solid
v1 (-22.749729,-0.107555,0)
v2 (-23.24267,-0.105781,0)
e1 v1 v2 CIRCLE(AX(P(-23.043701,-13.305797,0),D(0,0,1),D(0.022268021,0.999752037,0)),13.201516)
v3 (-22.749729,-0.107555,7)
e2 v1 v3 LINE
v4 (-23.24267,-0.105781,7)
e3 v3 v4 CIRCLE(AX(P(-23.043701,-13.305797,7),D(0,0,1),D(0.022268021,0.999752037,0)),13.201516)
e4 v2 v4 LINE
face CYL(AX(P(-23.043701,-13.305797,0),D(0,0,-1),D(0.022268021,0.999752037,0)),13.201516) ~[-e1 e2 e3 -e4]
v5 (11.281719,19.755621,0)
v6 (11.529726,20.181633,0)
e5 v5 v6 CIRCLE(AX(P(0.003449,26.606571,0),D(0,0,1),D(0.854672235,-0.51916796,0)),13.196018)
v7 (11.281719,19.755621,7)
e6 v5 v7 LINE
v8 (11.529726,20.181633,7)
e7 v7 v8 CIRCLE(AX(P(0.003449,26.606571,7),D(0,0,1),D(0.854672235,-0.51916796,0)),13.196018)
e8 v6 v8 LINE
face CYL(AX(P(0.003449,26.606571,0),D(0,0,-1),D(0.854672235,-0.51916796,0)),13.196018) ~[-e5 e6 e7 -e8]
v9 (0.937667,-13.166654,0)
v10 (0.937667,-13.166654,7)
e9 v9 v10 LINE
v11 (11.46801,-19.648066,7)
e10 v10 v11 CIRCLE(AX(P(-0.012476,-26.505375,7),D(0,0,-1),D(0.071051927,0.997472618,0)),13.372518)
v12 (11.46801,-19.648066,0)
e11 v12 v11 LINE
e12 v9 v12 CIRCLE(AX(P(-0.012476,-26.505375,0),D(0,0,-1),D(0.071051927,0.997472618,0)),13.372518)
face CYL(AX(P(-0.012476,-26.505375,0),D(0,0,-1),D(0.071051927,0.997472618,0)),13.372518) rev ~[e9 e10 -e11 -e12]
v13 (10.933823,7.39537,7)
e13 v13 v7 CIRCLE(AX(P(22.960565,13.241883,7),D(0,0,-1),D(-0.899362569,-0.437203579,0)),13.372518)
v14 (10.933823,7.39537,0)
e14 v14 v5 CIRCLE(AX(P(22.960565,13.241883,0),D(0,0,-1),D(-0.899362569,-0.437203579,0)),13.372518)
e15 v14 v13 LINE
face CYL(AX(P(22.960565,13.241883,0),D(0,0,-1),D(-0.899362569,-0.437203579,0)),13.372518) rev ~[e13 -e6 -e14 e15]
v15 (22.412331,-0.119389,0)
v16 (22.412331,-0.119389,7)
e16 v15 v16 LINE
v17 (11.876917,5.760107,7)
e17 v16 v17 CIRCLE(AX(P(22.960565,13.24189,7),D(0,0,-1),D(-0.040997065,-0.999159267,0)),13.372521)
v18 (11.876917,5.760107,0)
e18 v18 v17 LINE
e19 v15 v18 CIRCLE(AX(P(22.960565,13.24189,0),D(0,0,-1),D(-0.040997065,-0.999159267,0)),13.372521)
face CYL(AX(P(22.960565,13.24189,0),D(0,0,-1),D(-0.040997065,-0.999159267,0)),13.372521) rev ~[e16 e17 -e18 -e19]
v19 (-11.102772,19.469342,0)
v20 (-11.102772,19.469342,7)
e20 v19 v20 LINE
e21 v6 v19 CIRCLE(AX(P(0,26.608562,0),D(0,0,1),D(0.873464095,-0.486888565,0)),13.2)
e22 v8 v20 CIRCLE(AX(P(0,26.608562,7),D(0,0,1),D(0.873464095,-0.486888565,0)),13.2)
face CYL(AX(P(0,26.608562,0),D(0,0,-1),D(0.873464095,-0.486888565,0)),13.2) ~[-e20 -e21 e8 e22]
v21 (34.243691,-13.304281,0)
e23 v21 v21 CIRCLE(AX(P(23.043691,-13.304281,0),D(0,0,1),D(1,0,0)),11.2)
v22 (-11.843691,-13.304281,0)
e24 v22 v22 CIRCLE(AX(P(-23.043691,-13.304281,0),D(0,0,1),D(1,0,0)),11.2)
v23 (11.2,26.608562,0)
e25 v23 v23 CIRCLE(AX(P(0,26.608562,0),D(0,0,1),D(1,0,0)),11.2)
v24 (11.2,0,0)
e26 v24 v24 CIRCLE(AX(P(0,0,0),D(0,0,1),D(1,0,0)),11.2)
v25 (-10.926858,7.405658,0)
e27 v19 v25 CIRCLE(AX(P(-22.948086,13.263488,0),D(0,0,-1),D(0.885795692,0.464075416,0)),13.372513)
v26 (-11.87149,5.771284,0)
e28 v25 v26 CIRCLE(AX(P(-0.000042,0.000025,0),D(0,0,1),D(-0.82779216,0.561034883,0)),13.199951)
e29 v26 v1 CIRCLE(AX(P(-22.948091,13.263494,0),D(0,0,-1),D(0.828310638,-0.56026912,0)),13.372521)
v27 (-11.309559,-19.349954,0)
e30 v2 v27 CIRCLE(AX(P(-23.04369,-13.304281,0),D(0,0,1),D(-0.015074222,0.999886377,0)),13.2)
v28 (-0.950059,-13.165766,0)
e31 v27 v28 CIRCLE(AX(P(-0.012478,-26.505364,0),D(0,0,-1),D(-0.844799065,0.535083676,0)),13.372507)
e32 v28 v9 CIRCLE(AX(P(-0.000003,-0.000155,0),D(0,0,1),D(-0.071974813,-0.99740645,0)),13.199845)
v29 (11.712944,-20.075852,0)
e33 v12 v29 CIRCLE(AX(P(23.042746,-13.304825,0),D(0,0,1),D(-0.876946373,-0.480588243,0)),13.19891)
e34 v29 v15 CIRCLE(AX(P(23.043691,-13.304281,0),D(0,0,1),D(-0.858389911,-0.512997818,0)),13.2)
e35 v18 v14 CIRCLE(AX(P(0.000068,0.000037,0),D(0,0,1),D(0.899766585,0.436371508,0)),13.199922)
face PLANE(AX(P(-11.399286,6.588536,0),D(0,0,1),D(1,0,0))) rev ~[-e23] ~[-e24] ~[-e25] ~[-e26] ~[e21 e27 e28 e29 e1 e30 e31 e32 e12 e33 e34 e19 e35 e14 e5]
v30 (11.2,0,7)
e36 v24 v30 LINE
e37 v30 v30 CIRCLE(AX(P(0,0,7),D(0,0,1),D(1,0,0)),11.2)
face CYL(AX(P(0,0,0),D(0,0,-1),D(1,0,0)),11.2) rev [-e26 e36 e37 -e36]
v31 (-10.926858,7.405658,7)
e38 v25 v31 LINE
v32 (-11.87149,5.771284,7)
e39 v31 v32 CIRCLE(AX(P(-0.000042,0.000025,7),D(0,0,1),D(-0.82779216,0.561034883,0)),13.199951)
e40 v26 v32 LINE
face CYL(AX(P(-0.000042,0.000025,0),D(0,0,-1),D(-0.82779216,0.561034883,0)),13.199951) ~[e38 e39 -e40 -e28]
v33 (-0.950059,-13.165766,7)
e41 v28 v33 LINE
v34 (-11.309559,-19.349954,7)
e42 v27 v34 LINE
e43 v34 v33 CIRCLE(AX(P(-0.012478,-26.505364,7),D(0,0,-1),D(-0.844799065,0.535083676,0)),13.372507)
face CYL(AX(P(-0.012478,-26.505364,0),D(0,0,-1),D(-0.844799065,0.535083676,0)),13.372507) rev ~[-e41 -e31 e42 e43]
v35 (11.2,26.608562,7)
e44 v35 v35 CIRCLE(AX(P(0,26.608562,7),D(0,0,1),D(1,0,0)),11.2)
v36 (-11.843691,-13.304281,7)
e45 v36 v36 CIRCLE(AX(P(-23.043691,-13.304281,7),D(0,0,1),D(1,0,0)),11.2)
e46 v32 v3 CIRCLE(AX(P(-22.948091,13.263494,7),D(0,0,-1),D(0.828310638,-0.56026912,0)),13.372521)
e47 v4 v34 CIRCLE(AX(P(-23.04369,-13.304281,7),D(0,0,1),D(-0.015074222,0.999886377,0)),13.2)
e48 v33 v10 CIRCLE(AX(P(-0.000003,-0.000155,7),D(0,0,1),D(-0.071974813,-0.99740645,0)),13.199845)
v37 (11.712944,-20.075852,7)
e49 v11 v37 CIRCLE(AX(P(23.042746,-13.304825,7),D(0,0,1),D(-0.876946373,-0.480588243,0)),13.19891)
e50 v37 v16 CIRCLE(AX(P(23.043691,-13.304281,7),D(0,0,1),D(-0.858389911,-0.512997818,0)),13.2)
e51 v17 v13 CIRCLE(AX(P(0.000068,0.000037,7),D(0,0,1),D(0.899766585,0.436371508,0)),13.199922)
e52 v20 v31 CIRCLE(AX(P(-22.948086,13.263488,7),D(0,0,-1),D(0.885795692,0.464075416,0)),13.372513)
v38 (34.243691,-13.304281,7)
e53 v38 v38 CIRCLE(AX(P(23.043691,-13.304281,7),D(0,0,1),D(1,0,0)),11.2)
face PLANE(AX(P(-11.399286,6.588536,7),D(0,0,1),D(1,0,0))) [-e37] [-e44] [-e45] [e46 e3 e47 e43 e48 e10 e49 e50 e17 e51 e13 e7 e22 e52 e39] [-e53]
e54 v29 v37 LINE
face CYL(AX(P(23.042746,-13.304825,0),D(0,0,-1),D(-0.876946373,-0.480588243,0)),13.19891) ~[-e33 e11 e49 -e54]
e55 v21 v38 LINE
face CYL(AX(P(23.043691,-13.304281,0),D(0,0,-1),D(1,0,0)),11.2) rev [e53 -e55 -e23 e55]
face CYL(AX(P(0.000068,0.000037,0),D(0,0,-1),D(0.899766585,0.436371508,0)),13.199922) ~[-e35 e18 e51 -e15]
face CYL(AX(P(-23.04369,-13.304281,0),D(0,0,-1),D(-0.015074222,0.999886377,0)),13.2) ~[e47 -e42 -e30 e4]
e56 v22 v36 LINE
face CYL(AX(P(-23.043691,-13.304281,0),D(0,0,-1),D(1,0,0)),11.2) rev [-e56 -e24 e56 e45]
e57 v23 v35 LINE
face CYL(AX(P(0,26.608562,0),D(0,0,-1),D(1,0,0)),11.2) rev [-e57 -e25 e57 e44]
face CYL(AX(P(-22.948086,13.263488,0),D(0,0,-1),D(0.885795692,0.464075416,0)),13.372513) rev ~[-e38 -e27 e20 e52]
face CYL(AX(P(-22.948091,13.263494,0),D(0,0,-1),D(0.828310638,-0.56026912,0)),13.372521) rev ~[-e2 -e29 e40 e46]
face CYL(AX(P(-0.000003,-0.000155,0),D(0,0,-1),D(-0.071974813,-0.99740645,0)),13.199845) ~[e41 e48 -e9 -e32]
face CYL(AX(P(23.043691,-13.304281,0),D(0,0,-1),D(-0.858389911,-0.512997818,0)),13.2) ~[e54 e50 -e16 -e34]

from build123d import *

# Parameters (mm, degrees)
F0_R     = 11.2
F1_DEPTH = 7


with BuildPart() as f1:
    # F0 (on Top) → F1 (new body)
    with BuildSketch(Plane.XY):
        with BuildLine():
            ThreePointArc((-11.87149, 5.771284), (-11.370299, 6.571782), (-10.926858, 7.405658))
            ThreePointArc((-10.926858, 7.405658), (-11.428428, 6.605379), (-11.87149, 5.771284))
        make_face()
        with BuildLine():
            ThreePointArc((-11.102772, 19.469342), (-9.576995, 13.458467), (-10.926858, 7.405658))
            ThreePointArc((-10.926858, 7.405658), (-11.370299, 6.571782), (-11.87149, 5.771284))
            ThreePointArc((-11.87149, 5.771284), (-16.59031, 1.499017), (-22.749729, -0.107555))
            ThreePointArc((-22.749729, -0.107555), (-22.996208, -0.108939), (-23.24267, -0.105781))
            ThreePointArc((-23.24267, -0.105781), (-34.261956, -20.26061), (-11.309559, -19.349954))
            ThreePointArc((-11.309559, -19.349954), (-6.866877, -15.023154), (-0.950059, -13.165766))
            ThreePointArc((-0.950059, -13.165766), (-0.006181, -13.132858), (0.937667, -13.166654))
            ThreePointArc((0.937667, -13.166654), (6.996968, -15.117138), (11.46801, -19.648066))
            ThreePointArc((11.46801, -19.648066), (11.592448, -19.86083), (11.712944, -20.075852))
            ThreePointArc((11.712944, -20.075852), (34.677181, -19.541419), (22.412331, -0.119389))
            ThreePointArc((22.412331, -0.119389), (16.443872, 1.564688), (11.876917, 5.760107))
            ThreePointArc((11.876917, 5.760107), (11.376479, 6.561077), (10.933823, 7.39537))
            ThreePointArc((10.933823, 7.39537), (9.593341, 13.618121), (11.281719, 19.755621))
            ThreePointArc((11.281719, 19.755621), (11.40376, 19.96977), (11.529726, 20.181633))
            ThreePointArc((11.529726, 20.181633), (-0.415225, 39.80203), (-11.102772, 19.469342))
        make_face()
        with Locations((-23.043691, -13.304281)):
            Circle(F0_R, mode=Mode.SUBTRACT)
        with Locations((23.043691, -13.304281)):
            Circle(F0_R, mode=Mode.SUBTRACT)
        Circle(F0_R, mode=Mode.SUBTRACT)
        with Locations((0, 26.608562)):
            Circle(F0_R, mode=Mode.SUBTRACT)
        with BuildLine():
            ThreePointArc((-23.24267, -0.105781), (-22.996208, -0.108939), (-22.749729, -0.107555))
            ThreePointArc((-22.749729, -0.107555), (-22.996191, -0.104367), (-23.24267, -0.105781))
        make_face()
        with BuildLine():
            ThreePointArc((11.281719, 19.755621), (11.407712, 19.967469), (11.529726, 20.181633))
            ThreePointArc((11.529726, 20.181633), (11.40376, 19.96977), (11.281719, 19.755621))
        make_face()
        with BuildLine():
            ThreePointArc((11.876917, 5.760107), (11.43464, 6.594619), (10.933823, 7.39537))
            ThreePointArc((10.933823, 7.39537), (11.376479, 6.561077), (11.876917, 5.760107))
        make_face()
        with BuildLine():
            ThreePointArc((0.937667, -13.166654), (-0.006181, -13.132858), (-0.950059, -13.165766))
            ThreePointArc((-0.950059, -13.165766), (-0.006212, -13.199999), (0.937667, -13.166654))
        make_face()
        with BuildLine():
            ThreePointArc((11.712944, -20.075852), (11.592448, -19.86083), (11.46801, -19.648066))
            ThreePointArc((11.46801, -19.648066), (11.58848, -19.863103), (11.712944, -20.075852))
        make_face()
    extrude(amount=F1_DEPTH)


solid = f1.part
